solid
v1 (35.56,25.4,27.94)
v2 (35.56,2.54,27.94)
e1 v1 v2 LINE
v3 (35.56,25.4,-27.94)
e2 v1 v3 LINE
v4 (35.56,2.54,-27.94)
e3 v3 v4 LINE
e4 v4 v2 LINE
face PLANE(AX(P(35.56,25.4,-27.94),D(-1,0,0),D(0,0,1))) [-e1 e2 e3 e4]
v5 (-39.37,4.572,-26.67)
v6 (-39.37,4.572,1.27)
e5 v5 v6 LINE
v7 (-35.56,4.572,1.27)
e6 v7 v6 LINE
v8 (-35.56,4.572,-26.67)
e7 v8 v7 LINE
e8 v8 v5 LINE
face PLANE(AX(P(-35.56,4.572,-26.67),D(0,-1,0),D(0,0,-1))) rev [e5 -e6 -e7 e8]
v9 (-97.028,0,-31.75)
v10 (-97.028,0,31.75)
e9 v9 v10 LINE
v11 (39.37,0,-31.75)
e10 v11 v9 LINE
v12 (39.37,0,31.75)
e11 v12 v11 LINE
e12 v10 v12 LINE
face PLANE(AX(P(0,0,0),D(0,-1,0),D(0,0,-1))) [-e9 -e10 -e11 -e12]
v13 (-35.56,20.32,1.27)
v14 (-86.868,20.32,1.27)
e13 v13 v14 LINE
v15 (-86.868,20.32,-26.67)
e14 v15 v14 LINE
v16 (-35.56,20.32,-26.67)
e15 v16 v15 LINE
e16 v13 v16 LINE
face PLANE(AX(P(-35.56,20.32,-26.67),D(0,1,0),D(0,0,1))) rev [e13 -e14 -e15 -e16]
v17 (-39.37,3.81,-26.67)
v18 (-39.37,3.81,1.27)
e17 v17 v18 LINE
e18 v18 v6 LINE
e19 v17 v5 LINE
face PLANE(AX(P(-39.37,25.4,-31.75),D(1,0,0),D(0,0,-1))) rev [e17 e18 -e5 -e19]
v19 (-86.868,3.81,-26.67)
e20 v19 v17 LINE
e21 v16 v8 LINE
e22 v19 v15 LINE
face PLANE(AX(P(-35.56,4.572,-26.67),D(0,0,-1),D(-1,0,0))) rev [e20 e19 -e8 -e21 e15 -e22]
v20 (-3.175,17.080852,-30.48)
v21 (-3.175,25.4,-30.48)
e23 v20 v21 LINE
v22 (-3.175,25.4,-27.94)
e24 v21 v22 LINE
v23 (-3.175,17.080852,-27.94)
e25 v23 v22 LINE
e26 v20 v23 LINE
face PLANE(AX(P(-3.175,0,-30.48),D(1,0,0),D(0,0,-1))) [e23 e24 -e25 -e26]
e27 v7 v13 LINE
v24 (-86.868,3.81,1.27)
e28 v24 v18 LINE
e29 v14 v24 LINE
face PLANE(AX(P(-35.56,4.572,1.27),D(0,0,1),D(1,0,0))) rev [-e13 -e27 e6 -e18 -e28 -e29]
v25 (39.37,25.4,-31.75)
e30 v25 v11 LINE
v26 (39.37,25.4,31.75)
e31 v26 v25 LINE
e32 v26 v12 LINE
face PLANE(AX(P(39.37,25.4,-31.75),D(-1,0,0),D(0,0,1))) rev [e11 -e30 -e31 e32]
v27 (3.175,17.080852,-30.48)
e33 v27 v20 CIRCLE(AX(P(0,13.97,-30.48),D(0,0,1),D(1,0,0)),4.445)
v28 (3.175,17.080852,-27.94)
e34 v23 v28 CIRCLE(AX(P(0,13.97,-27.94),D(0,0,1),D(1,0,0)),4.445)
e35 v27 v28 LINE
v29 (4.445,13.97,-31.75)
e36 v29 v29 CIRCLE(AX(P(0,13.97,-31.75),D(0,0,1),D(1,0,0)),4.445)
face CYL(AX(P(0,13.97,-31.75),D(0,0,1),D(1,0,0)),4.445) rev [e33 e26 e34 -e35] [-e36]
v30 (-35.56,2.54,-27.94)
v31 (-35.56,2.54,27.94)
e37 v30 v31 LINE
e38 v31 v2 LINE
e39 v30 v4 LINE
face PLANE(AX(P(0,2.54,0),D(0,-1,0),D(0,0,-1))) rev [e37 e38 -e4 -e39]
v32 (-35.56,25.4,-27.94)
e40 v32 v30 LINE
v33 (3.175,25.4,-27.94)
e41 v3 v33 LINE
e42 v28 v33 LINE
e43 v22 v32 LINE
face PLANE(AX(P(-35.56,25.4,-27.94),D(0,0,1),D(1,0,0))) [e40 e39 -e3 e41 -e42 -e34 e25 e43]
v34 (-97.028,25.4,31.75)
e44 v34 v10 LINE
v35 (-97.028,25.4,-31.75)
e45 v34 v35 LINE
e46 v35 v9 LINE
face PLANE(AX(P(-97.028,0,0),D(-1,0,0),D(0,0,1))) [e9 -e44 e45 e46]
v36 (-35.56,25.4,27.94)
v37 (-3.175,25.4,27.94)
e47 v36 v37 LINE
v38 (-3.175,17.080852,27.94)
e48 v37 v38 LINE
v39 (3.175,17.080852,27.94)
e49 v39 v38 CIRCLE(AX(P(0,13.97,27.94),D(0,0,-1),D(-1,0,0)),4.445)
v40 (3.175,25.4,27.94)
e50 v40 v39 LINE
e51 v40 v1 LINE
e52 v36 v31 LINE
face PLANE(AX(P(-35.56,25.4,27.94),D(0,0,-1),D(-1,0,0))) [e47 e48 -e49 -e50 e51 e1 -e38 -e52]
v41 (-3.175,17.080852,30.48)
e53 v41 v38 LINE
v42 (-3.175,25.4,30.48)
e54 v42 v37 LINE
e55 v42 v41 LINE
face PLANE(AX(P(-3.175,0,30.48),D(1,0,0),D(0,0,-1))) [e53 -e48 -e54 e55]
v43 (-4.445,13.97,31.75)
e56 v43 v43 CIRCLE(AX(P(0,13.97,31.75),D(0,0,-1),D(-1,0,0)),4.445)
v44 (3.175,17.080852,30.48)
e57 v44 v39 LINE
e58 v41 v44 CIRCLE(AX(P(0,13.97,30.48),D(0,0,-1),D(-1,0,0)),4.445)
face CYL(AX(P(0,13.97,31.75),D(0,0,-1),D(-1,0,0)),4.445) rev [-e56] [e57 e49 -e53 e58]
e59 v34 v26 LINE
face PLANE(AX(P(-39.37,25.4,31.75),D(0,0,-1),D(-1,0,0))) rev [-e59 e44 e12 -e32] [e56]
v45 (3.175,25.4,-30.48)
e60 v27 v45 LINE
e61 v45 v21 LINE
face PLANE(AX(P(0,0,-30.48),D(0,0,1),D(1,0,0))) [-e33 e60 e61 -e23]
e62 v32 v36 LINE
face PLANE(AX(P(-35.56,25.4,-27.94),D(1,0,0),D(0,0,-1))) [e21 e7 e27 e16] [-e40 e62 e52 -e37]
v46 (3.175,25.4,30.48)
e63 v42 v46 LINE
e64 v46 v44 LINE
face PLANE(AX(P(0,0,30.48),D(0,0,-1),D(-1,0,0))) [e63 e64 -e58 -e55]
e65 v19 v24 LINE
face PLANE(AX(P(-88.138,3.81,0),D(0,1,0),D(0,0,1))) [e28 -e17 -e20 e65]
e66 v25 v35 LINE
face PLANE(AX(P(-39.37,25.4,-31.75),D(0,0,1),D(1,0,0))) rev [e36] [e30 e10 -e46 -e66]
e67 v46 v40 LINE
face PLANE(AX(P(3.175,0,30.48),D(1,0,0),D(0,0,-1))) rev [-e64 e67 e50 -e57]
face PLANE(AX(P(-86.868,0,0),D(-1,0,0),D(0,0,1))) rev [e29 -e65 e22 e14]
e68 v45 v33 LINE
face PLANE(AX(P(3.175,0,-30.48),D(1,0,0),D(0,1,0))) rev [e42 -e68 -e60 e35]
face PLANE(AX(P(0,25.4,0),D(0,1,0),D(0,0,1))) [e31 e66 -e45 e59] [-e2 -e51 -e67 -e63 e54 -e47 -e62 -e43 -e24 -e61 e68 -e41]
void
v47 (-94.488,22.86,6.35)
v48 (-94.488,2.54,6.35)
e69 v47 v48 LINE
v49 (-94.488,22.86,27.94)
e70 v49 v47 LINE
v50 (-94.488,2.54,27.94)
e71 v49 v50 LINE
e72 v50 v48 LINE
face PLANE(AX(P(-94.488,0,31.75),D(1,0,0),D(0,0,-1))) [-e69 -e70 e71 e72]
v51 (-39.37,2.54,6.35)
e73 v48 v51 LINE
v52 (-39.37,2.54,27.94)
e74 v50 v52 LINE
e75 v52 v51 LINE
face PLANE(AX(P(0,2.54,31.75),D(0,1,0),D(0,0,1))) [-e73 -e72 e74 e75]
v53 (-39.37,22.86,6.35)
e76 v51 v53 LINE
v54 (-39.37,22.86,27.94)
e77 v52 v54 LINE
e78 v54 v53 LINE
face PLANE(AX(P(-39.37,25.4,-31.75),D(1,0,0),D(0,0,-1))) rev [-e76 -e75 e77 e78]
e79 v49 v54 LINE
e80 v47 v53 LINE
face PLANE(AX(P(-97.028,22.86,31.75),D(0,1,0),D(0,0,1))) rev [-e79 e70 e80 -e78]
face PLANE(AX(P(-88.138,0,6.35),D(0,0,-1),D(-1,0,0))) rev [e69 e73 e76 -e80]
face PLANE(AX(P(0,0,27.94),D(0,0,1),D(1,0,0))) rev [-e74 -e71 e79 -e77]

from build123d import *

# Parameters (mm, degrees)
SKETCH1_W                = 71.12
SKETCH1_H                = 55.88
PCB_BASE_DEPTH           = 2.54
SKETCH1_4_W              = 78.74
SKETCH1_4_H              = 63.5
SKETCH1_4_W_2            = 71.12
SKETCH1_4_H_2            = 55.88
PCB_WALL_DEPTH           = 25.4
SKETCH2_W                = 27.94
SKETCH2_H                = 15.748
PCB_GAP_DEPTH            = 3.81
LID_HOLE_1_DEPTH         = 3.81
HOLE_SLIDE_1_DEPTH       = 2.54
LID_HOLE_2_START         = -3.81
LID_HOLE_2_DEPTH         = 3.81
HOLE_SLIDE_2_START       = -2.54
HOLE_SLIDE_2_DEPTH       = 2.54
SKETCH5_W                = 27.94
SKETCH5_H                = 5.08
BOSS_EXTRUDE3_DEPTH      = 48.768
BOSS_EXTRUDE4_DEPTH      = 8.89
BOSS_EXTRUDE4_DEPTH_BACK = 1.27
SKETCH7_W                = 38.1
SKETCH7_H                = 25.4
BOSS_EXTRUDE5_DEPTH      = 25.4
SKETCH9_W                = 57.658
SKETCH9_H                = 25.4
BOSS_EXTRUDE6_DEPTH      = 3.81


with BuildPart() as part:
    # Sketch1 → pcb-base (new body)
    with BuildSketch(Plane(origin=(0, 0, 0), x_dir=(1, 0, 0), z_dir=(0, 1, 0))):
        Rectangle(SKETCH1_W, SKETCH1_H)
    extrude(amount=PCB_BASE_DEPTH)

    # Sketch1<4> → pcb-wall (add)
    with BuildSketch(Plane(origin=(0, 0, 0), x_dir=(1, 0, 0), z_dir=(0, 1, 0))):
        Rectangle(SKETCH1_4_W, SKETCH1_4_H)
        Rectangle(SKETCH1_4_W_2, SKETCH1_4_H_2, mode=Mode.SUBTRACT)
    extrude(amount=PCB_WALL_DEPTH)

    # Sketch2 → pcb-gap (cut)
    with BuildSketch(Plane.ZY.offset(39.37)):
        with Locations((-12.7, 12.446)):
            Rectangle(SKETCH2_W, SKETCH2_H)
    extrude(amount=-PCB_GAP_DEPTH, mode=Mode.SUBTRACT)

    # Sketch4 → lid-hole-1 (cut)
    with BuildSketch(Plane(origin=(0, 0, 27.94), x_dir=(-1, 0, 0), z_dir=(0, 0, -1))):
        with BuildLine():
            ThreePointArc((3.175, 17.080851973), (0, 18.415), (-3.175, 17.080851973))
            Line((-3.175, 17.080851973), (-3.175, 13.97))
            Line((-3.175, 13.97), (3.175, 13.97))
            Line((3.175, 13.97), (3.175, 17.080851973))
        make_face()
        with BuildLine():
            Line((-3.175, 13.97), (-3.175, 17.080851973))
            ThreePointArc((-3.175, 17.080851973), (-1.680052083, 9.854729657), (4.445, 13.97))
            ThreePointArc((4.445, 13.97), (4.115270343, 15.650052083), (3.175, 17.080851973))
            Line((3.175, 17.080851973), (3.175, 13.97))
            Line((3.175, 13.97), (-3.175, 13.97))
        make_face()
    extrude(amount=-LID_HOLE_1_DEPTH, mode=Mode.SUBTRACT)

    # Sketch4<6> → hole-slide-1 (cut)
    with BuildSketch(Plane(origin=(0, 0, 27.94), x_dir=(-1, 0, 0), z_dir=(0, 0, -1))):
        with BuildLine():
            Line((3.175, 25.4), (-3.175, 25.4))
            Line((-3.175, 25.4), (-3.175, 17.080851973))
            ThreePointArc((-3.175, 17.080851973), (0, 18.415), (3.175, 17.080851973))
            Line((3.175, 17.080851973), (3.175, 25.4))
        make_face()
    extrude(amount=-HOLE_SLIDE_1_DEPTH, mode=Mode.SUBTRACT)

    # Sketch3 → lid-hole-2 (cut)
    with BuildSketch(Plane.XY.offset(-27.94).offset(LID_HOLE_2_START)):
        with BuildLine():
            Line((-3.175, 17.080851973), (-3.175, 13.97))
            Line((-3.175, 13.97), (3.175, 13.97))
            Line((3.175, 13.97), (3.175, 17.080851973))
            ThreePointArc((3.175, 17.080851973), (0, 18.415), (-3.175, 17.080851973))
        make_face()
        with BuildLine():
            Line((3.175, 13.97), (-3.175, 13.97))
            Line((-3.175, 13.97), (-3.175, 17.080851973))
            ThreePointArc((-3.175, 17.080851973), (-1.680052083, 9.854729657), (4.445, 13.97))
            ThreePointArc((4.445, 13.97), (4.115270343, 15.650052083), (3.175, 17.080851973))
            Line((3.175, 17.080851973), (3.175, 13.97))
        make_face()
    extrude(amount=LID_HOLE_2_DEPTH, mode=Mode.SUBTRACT)

    # Sketch3<5> → hole-slide-2 (cut)
    with BuildSketch(Plane.XY.offset(-27.94).offset(HOLE_SLIDE_2_START)):
        with BuildLine():
            Line((-3.175, 25.4), (-3.175, 17.080851973))
            ThreePointArc((-3.175, 17.080851973), (0, 18.415), (3.175, 17.080851973))
            Line((3.175, 17.080851973), (3.175, 25.4))
            Line((3.175, 25.4), (-3.175, 25.4))
        make_face()
    extrude(amount=HOLE_SLIDE_2_DEPTH, mode=Mode.SUBTRACT)

    # Sketch5 → Boss-Extrude3 (add)
    with BuildSketch(Plane.ZY.offset(39.37)):
        Polygon((-31.75, 25.4), (-31.75, 3.81), (-26.67, 3.81), (-26.67, 4.572), (-26.67, 20.32), (-26.67, 25.4), align=None)
        with Locations((-12.7, 22.86)):
            Rectangle(SKETCH5_W, SKETCH5_H)
        Polygon((1.27, 3.81), (6.35, 3.81), (6.35, 25.4), (1.27, 25.4), (1.27, 20.32), (1.27, 4.572), align=None)
        Polygon((-31.75, 3.81), (-31.75, 0), (6.35, 0), (6.35, 3.81), (1.27, 3.81), (-26.67, 3.81), align=None)
    extrude(amount=BOSS_EXTRUDE3_DEPTH)

    # Sketch7 → Boss-Extrude4 (add, two sides: drawn at the far end of the back side and taken through both)
    with BuildSketch(Plane.ZY.offset(88.138).offset(-BOSS_EXTRUDE4_DEPTH_BACK)):
        with Locations((-12.7, 12.7)):
            Rectangle(SKETCH7_W, SKETCH7_H)
    extrude(amount=BOSS_EXTRUDE4_DEPTH + BOSS_EXTRUDE4_DEPTH_BACK)

    # Sketch8 → Boss-Extrude5 (add)
    with BuildSketch(Plane.XY.offset(6.35)):
        Polygon((-97.028, 25.4), (-97.028, 0), (-39.37, 0), (-39.37, 2.54), (-94.488, 2.54), (-94.488, 22.86), (-39.37, 22.86), (-39.37, 25.4), align=None)
    extrude(amount=BOSS_EXTRUDE5_DEPTH)

    # Sketch9 → Boss-Extrude6 (add)
    with BuildSketch(Plane.XY.offset(31.75)):
        with Locations((-68.199, 12.7)):
            Rectangle(SKETCH9_W, SKETCH9_H)
    extrude(amount=-BOSS_EXTRUDE6_DEPTH)


solid = part.part
